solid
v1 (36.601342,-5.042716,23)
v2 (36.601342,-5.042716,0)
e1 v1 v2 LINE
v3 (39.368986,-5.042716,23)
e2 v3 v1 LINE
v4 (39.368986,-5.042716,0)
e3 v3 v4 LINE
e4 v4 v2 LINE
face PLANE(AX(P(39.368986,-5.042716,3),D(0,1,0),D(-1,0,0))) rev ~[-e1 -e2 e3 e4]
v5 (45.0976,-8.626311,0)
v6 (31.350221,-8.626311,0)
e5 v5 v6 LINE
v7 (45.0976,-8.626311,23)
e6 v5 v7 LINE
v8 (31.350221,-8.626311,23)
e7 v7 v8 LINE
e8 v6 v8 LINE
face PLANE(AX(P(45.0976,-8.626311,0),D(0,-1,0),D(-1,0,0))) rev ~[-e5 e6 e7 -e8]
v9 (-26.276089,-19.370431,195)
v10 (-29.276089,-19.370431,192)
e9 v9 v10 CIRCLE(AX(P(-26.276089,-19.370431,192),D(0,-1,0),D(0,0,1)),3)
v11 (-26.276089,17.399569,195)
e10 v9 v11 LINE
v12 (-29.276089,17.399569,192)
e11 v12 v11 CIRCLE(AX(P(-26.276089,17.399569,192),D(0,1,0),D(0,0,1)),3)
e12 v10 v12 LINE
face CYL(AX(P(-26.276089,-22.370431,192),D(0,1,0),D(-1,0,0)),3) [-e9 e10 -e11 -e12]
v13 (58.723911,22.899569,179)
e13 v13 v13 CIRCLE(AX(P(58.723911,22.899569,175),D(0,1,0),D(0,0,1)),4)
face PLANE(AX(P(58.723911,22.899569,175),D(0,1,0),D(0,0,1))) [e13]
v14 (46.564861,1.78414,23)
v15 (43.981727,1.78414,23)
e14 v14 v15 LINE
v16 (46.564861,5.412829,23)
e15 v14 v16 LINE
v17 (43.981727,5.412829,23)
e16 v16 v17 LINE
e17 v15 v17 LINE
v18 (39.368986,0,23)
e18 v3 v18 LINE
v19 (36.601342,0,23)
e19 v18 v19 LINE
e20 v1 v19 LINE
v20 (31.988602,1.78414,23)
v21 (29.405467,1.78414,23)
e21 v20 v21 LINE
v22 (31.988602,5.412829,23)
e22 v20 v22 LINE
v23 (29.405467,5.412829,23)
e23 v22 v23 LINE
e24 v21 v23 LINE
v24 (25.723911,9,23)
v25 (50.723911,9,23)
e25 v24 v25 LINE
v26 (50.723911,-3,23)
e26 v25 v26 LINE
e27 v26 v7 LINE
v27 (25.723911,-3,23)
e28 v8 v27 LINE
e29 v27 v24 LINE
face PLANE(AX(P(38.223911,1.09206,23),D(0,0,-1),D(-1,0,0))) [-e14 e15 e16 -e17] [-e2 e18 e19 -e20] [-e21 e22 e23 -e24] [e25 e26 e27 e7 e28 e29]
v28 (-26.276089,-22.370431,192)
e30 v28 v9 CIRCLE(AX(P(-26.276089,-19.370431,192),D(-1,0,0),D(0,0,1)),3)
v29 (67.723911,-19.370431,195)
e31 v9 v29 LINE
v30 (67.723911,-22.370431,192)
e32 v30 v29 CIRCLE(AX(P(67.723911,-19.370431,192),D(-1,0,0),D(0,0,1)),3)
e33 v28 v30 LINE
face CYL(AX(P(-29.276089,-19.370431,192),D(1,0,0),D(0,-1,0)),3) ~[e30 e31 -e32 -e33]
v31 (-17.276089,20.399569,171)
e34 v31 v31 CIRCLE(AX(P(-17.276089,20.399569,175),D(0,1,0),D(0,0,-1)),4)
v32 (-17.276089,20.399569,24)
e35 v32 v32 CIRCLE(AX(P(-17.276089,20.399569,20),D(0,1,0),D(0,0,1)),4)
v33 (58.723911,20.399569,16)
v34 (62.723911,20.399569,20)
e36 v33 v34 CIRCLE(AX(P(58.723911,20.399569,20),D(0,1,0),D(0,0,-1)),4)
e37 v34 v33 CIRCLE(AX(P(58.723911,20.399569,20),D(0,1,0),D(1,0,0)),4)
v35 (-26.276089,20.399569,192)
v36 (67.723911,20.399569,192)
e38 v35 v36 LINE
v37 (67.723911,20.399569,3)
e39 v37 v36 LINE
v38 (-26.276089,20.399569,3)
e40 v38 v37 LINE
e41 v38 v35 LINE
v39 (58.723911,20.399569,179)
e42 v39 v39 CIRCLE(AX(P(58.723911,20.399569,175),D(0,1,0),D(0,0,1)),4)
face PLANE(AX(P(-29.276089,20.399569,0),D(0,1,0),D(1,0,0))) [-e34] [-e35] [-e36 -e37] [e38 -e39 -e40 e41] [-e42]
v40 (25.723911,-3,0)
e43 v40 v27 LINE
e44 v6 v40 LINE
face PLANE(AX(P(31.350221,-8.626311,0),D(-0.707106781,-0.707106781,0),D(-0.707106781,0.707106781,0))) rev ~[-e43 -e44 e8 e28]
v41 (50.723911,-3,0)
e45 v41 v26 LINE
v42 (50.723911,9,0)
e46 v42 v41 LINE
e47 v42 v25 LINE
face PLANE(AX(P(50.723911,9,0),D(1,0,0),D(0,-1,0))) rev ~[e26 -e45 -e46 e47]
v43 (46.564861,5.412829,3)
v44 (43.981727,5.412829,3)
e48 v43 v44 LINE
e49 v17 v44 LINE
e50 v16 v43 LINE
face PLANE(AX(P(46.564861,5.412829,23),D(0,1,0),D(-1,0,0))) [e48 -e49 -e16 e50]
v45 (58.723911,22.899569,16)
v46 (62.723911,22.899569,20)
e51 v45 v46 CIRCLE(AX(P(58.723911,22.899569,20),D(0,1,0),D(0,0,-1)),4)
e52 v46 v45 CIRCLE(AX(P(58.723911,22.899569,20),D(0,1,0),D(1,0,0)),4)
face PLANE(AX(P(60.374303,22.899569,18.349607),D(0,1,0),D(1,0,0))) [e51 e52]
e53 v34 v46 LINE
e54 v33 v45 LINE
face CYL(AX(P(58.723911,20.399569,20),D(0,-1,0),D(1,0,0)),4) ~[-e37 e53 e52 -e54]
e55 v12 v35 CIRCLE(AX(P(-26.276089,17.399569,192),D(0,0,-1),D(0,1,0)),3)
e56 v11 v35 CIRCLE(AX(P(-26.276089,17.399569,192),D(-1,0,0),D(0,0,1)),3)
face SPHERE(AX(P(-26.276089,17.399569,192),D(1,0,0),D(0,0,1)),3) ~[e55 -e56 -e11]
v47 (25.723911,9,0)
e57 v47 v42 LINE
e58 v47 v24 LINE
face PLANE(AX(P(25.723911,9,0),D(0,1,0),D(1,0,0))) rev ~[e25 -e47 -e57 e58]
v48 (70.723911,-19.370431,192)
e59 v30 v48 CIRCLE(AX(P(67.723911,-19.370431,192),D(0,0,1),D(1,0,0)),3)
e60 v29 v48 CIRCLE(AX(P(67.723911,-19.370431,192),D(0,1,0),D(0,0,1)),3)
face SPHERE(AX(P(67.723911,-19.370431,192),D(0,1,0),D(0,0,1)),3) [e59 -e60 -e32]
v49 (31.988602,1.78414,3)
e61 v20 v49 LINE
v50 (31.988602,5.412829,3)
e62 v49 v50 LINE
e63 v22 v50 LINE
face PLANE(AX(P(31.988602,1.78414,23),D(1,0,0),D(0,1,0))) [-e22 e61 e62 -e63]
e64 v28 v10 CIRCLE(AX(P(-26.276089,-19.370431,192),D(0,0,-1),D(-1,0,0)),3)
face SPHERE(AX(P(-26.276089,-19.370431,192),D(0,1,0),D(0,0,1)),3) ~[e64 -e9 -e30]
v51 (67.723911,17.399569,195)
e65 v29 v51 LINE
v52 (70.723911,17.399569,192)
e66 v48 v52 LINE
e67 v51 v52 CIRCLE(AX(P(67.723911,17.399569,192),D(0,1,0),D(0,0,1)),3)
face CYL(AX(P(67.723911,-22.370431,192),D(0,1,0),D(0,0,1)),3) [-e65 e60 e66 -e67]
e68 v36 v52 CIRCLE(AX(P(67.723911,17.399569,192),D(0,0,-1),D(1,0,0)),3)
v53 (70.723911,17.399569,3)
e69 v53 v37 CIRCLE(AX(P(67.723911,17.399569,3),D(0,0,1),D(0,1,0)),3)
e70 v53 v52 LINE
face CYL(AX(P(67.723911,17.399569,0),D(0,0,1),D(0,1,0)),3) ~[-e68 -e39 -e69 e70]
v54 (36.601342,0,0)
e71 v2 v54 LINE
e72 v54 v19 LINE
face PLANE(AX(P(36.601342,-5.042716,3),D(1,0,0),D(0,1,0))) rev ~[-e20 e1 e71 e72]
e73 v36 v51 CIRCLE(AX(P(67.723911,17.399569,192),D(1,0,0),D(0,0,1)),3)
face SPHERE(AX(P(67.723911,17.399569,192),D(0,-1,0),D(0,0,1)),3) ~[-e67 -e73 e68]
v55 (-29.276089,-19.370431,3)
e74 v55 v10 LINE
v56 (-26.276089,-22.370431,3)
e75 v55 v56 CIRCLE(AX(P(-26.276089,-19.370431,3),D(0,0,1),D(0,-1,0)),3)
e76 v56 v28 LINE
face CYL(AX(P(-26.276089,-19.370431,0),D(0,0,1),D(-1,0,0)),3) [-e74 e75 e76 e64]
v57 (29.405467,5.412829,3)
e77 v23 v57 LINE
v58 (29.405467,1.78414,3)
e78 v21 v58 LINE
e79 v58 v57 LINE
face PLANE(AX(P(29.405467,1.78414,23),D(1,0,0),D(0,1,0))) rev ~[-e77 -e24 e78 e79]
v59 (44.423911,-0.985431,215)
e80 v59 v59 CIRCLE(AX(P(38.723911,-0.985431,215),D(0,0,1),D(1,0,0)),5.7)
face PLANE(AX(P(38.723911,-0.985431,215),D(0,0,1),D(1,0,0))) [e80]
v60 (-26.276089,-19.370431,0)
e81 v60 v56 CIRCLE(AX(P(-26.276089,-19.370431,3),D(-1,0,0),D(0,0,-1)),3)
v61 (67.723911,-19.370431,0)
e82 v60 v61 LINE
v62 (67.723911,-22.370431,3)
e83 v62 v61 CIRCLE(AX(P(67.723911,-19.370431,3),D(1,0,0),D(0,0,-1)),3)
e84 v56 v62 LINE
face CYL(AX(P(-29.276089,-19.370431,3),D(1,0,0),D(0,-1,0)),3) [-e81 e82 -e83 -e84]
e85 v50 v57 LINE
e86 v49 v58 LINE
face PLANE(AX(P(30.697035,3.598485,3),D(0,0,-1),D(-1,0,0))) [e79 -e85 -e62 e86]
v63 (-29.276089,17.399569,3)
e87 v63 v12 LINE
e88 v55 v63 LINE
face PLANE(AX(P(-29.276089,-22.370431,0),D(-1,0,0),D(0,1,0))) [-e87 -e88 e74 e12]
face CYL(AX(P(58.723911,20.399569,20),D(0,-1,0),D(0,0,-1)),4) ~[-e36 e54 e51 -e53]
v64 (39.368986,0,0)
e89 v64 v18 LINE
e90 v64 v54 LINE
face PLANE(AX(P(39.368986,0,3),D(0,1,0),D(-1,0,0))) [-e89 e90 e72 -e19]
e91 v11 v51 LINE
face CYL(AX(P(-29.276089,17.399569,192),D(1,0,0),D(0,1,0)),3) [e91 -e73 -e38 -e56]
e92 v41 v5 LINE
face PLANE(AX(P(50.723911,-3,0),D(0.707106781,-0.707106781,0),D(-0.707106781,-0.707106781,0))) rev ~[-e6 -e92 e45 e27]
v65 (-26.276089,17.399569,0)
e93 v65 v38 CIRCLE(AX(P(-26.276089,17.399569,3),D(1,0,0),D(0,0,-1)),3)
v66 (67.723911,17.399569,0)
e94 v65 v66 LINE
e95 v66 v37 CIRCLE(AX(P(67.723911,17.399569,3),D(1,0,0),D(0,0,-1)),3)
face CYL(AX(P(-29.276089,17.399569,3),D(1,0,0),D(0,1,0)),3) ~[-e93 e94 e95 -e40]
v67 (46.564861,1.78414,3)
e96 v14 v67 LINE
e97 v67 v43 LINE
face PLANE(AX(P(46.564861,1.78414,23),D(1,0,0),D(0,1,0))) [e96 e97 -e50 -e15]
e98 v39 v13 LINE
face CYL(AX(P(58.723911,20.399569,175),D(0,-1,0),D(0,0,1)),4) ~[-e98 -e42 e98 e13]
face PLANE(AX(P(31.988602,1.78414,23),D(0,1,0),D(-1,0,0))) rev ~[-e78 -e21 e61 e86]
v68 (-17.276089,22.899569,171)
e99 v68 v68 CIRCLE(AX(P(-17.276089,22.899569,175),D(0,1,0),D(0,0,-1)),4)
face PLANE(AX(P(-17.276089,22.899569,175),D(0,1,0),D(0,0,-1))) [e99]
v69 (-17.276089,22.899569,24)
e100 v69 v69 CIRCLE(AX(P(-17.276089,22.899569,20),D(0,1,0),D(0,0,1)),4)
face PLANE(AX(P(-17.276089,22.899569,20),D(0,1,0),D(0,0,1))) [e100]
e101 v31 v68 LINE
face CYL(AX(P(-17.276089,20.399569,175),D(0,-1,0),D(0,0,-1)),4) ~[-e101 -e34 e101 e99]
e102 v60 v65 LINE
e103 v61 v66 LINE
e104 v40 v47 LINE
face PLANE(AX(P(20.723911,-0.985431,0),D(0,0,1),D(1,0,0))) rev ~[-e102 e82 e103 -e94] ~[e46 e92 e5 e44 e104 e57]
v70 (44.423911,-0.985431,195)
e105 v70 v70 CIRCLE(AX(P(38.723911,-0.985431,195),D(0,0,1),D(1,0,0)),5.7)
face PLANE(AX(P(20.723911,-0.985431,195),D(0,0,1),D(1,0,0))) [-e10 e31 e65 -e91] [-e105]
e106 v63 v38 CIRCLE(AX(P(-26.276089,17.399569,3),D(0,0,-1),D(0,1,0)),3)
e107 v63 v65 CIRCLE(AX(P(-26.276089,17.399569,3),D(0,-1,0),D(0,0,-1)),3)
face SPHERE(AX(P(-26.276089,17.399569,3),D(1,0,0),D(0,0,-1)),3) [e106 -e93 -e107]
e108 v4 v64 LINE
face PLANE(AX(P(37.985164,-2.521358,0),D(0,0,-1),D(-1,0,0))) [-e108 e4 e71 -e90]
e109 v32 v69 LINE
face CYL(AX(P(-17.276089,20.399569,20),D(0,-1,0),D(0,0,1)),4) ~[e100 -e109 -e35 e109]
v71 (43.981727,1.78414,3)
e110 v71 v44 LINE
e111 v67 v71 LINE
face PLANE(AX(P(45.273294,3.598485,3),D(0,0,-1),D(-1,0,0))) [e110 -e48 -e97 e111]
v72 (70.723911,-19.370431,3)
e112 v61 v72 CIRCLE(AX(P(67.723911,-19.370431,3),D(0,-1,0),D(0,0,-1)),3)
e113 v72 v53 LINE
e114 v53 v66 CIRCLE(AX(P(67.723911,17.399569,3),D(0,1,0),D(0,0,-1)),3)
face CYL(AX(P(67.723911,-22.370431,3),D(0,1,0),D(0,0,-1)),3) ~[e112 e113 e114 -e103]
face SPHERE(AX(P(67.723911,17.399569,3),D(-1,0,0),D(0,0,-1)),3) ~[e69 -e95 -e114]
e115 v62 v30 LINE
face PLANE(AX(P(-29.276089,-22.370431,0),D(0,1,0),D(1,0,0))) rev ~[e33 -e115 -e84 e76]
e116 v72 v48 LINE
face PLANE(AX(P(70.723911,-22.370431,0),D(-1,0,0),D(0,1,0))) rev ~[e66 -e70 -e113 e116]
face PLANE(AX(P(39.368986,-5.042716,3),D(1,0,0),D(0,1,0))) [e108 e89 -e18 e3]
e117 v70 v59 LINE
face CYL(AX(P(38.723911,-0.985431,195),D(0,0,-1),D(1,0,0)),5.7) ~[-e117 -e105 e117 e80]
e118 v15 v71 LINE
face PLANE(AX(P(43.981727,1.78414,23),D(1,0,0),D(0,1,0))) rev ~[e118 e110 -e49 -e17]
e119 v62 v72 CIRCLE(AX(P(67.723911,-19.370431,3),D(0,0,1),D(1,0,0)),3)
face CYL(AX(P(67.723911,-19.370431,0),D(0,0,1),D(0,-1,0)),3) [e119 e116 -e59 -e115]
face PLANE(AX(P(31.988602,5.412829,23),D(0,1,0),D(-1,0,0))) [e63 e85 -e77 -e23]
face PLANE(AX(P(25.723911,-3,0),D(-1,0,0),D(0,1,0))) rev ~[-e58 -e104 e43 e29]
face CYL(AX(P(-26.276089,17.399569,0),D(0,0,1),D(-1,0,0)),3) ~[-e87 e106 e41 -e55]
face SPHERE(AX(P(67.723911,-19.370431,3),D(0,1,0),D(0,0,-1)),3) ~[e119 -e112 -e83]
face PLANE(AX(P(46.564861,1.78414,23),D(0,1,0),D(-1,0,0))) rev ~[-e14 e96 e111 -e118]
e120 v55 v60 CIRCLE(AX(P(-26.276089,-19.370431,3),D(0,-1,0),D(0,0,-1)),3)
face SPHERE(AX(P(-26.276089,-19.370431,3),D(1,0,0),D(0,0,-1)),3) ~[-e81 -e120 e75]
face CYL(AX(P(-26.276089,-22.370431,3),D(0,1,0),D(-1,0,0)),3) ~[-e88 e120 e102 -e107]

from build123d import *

# Parameters (mm, degrees)
SKETCH1_W           = 100
SKETCH1_H           = 42.77
BOSS_EXTRUDE1_DEPTH = 195
SKETCH2_R           = 4
BOSS_EXTRUDE2_DEPTH = 2.5
FILLET1_R           = 3
SKETCH3_R           = 5.7
BOSS_EXTRUDE3_DEPTH = 20
CUT_EXTRUDE1_DEPTH  = 23
SKETCH5_W           = 2.767644168
SKETCH5_H           = 5.042715582
SKETCH5_W_2         = 2.583134557
SKETCH5_H_2         = 3.628689021
BOSS_EXTRUDE4_DEPTH = 20
SKETCH6_W           = 2.767644168
SKETCH6_H           = 5.042715582
BOSS_EXTRUDE5_DEPTH = 3


with BuildPart() as part:
    # Sketch1 → Boss-Extrude1 (new body)
    with BuildSketch(Plane.XY):
        with Locations((20.723910559, -0.985431434)):
            Rectangle(SKETCH1_W, SKETCH1_H)
    extrude(amount=BOSS_EXTRUDE1_DEPTH)

    # Sketch2 → Boss-Extrude2 (add)
    with BuildSketch(Plane(origin=(0, 20.399568566, 0), x_dir=(1, 0, 0), z_dir=(0, 1, 0))):
        with BuildLine():
            ThreePointArc((62.723910559, -20), (61.552337684, -17.171572875), (58.723910559, -16))
            Line((58.723910559, -16), (58.723910559, -20))
            Line((58.723910559, -20), (62.723910559, -20))
        make_face()
        with BuildLine():
            Line((58.723910559, -20), (58.723910559, -16))
            ThreePointArc((58.723910559, -16), (55.895483435, -22.828427125), (62.723910559, -20))
            Line((62.723910559, -20), (58.723910559, -20))
        make_face()
        with Locations(Location((-17.276089441, -20, 0), (0, 0, 270))):
            Circle(SKETCH2_R)
        with Locations(Location((-17.276089441, -175, 0), (0, 0, 90))):
            Circle(SKETCH2_R)
        with Locations(Location((58.723910559, -175, 0), (0, 0, 270))):
            Circle(SKETCH2_R)
    extrude(amount=BOSS_EXTRUDE2_DEPTH)

    # Fillet1
    fillet1_edges = [part.edges().sort_by_distance(p)[0] for p in [
        (70.723910559, -0.985431434, 195),
        (20.723910559, 20.399568566, 195),
        (-29.276089441, -0.985431434, 195),
        (20.723910559, 20.399568566, 0),
        (70.723910559, -0.985431434, 0),
        (20.723910559, -22.370431434, 0),
        (-29.276089441, -0.985431434, 0),
        (20.723910559, -22.370431434, 195),
        (-29.276089441, 20.399568566, 97.5),
        (70.723910559, 20.399568566, 97.5),
        (70.723910559, -22.370431434, 97.5),
        (-29.276089441, -22.370431434, 97.5),
    ]]
    fillet(fillet1_edges, radius=FILLET1_R)

    # Sketch3 → Boss-Extrude3 (add)
    with BuildSketch(Plane.XY.offset(195)):
        with Locations((38.723910559, -0.985431434)):
            Circle(SKETCH3_R)
    extrude(amount=BOSS_EXTRUDE3_DEPTH)

    # Sketch4 → Cut-Extrude1 (cut)
    with BuildSketch(Plane(origin=(0, 0, 0), x_dir=(-1, 0, 0), z_dir=(0, 0, -1))):
        Polygon((-50.723910559, 0), (-50.723910559, -3), (-45.097599839, -8.62631072), (-31.35022128, -8.62631072), (-25.723910559, -3), (-25.723910559, 9), (-50.723910559, 9), align=None)
    extrude(amount=-CUT_EXTRUDE1_DEPTH, mode=Mode.SUBTRACT)

    # Sketch5 → Boss-Extrude4 (add)
    with BuildSketch(Plane(origin=(0, 0, 23), x_dir=(-1, 0, 0), z_dir=(0, 0, -1))):
        with Locations((-37.98516428, -2.521357791)):
            Rectangle(SKETCH5_W, SKETCH5_H)
        with Locations((-45.273293924, 3.598484544)):
            Rectangle(SKETCH5_W_2, SKETCH5_H_2)
        with Locations((-30.697034638, 3.598484544)):
            Rectangle(SKETCH5_W_2, SKETCH5_H_2)
    extrude(amount=BOSS_EXTRUDE4_DEPTH)

    # Sketch6 → Boss-Extrude5 (add)
    with BuildSketch(Plane(origin=(0, 0, 3), x_dir=(-1, 0, 0), z_dir=(0, 0, -1))):
        with Locations((-37.98516428, -2.521357791)):
            Rectangle(SKETCH6_W, SKETCH6_H)
    extrude(amount=BOSS_EXTRUDE5_DEPTH)


solid = part.part
